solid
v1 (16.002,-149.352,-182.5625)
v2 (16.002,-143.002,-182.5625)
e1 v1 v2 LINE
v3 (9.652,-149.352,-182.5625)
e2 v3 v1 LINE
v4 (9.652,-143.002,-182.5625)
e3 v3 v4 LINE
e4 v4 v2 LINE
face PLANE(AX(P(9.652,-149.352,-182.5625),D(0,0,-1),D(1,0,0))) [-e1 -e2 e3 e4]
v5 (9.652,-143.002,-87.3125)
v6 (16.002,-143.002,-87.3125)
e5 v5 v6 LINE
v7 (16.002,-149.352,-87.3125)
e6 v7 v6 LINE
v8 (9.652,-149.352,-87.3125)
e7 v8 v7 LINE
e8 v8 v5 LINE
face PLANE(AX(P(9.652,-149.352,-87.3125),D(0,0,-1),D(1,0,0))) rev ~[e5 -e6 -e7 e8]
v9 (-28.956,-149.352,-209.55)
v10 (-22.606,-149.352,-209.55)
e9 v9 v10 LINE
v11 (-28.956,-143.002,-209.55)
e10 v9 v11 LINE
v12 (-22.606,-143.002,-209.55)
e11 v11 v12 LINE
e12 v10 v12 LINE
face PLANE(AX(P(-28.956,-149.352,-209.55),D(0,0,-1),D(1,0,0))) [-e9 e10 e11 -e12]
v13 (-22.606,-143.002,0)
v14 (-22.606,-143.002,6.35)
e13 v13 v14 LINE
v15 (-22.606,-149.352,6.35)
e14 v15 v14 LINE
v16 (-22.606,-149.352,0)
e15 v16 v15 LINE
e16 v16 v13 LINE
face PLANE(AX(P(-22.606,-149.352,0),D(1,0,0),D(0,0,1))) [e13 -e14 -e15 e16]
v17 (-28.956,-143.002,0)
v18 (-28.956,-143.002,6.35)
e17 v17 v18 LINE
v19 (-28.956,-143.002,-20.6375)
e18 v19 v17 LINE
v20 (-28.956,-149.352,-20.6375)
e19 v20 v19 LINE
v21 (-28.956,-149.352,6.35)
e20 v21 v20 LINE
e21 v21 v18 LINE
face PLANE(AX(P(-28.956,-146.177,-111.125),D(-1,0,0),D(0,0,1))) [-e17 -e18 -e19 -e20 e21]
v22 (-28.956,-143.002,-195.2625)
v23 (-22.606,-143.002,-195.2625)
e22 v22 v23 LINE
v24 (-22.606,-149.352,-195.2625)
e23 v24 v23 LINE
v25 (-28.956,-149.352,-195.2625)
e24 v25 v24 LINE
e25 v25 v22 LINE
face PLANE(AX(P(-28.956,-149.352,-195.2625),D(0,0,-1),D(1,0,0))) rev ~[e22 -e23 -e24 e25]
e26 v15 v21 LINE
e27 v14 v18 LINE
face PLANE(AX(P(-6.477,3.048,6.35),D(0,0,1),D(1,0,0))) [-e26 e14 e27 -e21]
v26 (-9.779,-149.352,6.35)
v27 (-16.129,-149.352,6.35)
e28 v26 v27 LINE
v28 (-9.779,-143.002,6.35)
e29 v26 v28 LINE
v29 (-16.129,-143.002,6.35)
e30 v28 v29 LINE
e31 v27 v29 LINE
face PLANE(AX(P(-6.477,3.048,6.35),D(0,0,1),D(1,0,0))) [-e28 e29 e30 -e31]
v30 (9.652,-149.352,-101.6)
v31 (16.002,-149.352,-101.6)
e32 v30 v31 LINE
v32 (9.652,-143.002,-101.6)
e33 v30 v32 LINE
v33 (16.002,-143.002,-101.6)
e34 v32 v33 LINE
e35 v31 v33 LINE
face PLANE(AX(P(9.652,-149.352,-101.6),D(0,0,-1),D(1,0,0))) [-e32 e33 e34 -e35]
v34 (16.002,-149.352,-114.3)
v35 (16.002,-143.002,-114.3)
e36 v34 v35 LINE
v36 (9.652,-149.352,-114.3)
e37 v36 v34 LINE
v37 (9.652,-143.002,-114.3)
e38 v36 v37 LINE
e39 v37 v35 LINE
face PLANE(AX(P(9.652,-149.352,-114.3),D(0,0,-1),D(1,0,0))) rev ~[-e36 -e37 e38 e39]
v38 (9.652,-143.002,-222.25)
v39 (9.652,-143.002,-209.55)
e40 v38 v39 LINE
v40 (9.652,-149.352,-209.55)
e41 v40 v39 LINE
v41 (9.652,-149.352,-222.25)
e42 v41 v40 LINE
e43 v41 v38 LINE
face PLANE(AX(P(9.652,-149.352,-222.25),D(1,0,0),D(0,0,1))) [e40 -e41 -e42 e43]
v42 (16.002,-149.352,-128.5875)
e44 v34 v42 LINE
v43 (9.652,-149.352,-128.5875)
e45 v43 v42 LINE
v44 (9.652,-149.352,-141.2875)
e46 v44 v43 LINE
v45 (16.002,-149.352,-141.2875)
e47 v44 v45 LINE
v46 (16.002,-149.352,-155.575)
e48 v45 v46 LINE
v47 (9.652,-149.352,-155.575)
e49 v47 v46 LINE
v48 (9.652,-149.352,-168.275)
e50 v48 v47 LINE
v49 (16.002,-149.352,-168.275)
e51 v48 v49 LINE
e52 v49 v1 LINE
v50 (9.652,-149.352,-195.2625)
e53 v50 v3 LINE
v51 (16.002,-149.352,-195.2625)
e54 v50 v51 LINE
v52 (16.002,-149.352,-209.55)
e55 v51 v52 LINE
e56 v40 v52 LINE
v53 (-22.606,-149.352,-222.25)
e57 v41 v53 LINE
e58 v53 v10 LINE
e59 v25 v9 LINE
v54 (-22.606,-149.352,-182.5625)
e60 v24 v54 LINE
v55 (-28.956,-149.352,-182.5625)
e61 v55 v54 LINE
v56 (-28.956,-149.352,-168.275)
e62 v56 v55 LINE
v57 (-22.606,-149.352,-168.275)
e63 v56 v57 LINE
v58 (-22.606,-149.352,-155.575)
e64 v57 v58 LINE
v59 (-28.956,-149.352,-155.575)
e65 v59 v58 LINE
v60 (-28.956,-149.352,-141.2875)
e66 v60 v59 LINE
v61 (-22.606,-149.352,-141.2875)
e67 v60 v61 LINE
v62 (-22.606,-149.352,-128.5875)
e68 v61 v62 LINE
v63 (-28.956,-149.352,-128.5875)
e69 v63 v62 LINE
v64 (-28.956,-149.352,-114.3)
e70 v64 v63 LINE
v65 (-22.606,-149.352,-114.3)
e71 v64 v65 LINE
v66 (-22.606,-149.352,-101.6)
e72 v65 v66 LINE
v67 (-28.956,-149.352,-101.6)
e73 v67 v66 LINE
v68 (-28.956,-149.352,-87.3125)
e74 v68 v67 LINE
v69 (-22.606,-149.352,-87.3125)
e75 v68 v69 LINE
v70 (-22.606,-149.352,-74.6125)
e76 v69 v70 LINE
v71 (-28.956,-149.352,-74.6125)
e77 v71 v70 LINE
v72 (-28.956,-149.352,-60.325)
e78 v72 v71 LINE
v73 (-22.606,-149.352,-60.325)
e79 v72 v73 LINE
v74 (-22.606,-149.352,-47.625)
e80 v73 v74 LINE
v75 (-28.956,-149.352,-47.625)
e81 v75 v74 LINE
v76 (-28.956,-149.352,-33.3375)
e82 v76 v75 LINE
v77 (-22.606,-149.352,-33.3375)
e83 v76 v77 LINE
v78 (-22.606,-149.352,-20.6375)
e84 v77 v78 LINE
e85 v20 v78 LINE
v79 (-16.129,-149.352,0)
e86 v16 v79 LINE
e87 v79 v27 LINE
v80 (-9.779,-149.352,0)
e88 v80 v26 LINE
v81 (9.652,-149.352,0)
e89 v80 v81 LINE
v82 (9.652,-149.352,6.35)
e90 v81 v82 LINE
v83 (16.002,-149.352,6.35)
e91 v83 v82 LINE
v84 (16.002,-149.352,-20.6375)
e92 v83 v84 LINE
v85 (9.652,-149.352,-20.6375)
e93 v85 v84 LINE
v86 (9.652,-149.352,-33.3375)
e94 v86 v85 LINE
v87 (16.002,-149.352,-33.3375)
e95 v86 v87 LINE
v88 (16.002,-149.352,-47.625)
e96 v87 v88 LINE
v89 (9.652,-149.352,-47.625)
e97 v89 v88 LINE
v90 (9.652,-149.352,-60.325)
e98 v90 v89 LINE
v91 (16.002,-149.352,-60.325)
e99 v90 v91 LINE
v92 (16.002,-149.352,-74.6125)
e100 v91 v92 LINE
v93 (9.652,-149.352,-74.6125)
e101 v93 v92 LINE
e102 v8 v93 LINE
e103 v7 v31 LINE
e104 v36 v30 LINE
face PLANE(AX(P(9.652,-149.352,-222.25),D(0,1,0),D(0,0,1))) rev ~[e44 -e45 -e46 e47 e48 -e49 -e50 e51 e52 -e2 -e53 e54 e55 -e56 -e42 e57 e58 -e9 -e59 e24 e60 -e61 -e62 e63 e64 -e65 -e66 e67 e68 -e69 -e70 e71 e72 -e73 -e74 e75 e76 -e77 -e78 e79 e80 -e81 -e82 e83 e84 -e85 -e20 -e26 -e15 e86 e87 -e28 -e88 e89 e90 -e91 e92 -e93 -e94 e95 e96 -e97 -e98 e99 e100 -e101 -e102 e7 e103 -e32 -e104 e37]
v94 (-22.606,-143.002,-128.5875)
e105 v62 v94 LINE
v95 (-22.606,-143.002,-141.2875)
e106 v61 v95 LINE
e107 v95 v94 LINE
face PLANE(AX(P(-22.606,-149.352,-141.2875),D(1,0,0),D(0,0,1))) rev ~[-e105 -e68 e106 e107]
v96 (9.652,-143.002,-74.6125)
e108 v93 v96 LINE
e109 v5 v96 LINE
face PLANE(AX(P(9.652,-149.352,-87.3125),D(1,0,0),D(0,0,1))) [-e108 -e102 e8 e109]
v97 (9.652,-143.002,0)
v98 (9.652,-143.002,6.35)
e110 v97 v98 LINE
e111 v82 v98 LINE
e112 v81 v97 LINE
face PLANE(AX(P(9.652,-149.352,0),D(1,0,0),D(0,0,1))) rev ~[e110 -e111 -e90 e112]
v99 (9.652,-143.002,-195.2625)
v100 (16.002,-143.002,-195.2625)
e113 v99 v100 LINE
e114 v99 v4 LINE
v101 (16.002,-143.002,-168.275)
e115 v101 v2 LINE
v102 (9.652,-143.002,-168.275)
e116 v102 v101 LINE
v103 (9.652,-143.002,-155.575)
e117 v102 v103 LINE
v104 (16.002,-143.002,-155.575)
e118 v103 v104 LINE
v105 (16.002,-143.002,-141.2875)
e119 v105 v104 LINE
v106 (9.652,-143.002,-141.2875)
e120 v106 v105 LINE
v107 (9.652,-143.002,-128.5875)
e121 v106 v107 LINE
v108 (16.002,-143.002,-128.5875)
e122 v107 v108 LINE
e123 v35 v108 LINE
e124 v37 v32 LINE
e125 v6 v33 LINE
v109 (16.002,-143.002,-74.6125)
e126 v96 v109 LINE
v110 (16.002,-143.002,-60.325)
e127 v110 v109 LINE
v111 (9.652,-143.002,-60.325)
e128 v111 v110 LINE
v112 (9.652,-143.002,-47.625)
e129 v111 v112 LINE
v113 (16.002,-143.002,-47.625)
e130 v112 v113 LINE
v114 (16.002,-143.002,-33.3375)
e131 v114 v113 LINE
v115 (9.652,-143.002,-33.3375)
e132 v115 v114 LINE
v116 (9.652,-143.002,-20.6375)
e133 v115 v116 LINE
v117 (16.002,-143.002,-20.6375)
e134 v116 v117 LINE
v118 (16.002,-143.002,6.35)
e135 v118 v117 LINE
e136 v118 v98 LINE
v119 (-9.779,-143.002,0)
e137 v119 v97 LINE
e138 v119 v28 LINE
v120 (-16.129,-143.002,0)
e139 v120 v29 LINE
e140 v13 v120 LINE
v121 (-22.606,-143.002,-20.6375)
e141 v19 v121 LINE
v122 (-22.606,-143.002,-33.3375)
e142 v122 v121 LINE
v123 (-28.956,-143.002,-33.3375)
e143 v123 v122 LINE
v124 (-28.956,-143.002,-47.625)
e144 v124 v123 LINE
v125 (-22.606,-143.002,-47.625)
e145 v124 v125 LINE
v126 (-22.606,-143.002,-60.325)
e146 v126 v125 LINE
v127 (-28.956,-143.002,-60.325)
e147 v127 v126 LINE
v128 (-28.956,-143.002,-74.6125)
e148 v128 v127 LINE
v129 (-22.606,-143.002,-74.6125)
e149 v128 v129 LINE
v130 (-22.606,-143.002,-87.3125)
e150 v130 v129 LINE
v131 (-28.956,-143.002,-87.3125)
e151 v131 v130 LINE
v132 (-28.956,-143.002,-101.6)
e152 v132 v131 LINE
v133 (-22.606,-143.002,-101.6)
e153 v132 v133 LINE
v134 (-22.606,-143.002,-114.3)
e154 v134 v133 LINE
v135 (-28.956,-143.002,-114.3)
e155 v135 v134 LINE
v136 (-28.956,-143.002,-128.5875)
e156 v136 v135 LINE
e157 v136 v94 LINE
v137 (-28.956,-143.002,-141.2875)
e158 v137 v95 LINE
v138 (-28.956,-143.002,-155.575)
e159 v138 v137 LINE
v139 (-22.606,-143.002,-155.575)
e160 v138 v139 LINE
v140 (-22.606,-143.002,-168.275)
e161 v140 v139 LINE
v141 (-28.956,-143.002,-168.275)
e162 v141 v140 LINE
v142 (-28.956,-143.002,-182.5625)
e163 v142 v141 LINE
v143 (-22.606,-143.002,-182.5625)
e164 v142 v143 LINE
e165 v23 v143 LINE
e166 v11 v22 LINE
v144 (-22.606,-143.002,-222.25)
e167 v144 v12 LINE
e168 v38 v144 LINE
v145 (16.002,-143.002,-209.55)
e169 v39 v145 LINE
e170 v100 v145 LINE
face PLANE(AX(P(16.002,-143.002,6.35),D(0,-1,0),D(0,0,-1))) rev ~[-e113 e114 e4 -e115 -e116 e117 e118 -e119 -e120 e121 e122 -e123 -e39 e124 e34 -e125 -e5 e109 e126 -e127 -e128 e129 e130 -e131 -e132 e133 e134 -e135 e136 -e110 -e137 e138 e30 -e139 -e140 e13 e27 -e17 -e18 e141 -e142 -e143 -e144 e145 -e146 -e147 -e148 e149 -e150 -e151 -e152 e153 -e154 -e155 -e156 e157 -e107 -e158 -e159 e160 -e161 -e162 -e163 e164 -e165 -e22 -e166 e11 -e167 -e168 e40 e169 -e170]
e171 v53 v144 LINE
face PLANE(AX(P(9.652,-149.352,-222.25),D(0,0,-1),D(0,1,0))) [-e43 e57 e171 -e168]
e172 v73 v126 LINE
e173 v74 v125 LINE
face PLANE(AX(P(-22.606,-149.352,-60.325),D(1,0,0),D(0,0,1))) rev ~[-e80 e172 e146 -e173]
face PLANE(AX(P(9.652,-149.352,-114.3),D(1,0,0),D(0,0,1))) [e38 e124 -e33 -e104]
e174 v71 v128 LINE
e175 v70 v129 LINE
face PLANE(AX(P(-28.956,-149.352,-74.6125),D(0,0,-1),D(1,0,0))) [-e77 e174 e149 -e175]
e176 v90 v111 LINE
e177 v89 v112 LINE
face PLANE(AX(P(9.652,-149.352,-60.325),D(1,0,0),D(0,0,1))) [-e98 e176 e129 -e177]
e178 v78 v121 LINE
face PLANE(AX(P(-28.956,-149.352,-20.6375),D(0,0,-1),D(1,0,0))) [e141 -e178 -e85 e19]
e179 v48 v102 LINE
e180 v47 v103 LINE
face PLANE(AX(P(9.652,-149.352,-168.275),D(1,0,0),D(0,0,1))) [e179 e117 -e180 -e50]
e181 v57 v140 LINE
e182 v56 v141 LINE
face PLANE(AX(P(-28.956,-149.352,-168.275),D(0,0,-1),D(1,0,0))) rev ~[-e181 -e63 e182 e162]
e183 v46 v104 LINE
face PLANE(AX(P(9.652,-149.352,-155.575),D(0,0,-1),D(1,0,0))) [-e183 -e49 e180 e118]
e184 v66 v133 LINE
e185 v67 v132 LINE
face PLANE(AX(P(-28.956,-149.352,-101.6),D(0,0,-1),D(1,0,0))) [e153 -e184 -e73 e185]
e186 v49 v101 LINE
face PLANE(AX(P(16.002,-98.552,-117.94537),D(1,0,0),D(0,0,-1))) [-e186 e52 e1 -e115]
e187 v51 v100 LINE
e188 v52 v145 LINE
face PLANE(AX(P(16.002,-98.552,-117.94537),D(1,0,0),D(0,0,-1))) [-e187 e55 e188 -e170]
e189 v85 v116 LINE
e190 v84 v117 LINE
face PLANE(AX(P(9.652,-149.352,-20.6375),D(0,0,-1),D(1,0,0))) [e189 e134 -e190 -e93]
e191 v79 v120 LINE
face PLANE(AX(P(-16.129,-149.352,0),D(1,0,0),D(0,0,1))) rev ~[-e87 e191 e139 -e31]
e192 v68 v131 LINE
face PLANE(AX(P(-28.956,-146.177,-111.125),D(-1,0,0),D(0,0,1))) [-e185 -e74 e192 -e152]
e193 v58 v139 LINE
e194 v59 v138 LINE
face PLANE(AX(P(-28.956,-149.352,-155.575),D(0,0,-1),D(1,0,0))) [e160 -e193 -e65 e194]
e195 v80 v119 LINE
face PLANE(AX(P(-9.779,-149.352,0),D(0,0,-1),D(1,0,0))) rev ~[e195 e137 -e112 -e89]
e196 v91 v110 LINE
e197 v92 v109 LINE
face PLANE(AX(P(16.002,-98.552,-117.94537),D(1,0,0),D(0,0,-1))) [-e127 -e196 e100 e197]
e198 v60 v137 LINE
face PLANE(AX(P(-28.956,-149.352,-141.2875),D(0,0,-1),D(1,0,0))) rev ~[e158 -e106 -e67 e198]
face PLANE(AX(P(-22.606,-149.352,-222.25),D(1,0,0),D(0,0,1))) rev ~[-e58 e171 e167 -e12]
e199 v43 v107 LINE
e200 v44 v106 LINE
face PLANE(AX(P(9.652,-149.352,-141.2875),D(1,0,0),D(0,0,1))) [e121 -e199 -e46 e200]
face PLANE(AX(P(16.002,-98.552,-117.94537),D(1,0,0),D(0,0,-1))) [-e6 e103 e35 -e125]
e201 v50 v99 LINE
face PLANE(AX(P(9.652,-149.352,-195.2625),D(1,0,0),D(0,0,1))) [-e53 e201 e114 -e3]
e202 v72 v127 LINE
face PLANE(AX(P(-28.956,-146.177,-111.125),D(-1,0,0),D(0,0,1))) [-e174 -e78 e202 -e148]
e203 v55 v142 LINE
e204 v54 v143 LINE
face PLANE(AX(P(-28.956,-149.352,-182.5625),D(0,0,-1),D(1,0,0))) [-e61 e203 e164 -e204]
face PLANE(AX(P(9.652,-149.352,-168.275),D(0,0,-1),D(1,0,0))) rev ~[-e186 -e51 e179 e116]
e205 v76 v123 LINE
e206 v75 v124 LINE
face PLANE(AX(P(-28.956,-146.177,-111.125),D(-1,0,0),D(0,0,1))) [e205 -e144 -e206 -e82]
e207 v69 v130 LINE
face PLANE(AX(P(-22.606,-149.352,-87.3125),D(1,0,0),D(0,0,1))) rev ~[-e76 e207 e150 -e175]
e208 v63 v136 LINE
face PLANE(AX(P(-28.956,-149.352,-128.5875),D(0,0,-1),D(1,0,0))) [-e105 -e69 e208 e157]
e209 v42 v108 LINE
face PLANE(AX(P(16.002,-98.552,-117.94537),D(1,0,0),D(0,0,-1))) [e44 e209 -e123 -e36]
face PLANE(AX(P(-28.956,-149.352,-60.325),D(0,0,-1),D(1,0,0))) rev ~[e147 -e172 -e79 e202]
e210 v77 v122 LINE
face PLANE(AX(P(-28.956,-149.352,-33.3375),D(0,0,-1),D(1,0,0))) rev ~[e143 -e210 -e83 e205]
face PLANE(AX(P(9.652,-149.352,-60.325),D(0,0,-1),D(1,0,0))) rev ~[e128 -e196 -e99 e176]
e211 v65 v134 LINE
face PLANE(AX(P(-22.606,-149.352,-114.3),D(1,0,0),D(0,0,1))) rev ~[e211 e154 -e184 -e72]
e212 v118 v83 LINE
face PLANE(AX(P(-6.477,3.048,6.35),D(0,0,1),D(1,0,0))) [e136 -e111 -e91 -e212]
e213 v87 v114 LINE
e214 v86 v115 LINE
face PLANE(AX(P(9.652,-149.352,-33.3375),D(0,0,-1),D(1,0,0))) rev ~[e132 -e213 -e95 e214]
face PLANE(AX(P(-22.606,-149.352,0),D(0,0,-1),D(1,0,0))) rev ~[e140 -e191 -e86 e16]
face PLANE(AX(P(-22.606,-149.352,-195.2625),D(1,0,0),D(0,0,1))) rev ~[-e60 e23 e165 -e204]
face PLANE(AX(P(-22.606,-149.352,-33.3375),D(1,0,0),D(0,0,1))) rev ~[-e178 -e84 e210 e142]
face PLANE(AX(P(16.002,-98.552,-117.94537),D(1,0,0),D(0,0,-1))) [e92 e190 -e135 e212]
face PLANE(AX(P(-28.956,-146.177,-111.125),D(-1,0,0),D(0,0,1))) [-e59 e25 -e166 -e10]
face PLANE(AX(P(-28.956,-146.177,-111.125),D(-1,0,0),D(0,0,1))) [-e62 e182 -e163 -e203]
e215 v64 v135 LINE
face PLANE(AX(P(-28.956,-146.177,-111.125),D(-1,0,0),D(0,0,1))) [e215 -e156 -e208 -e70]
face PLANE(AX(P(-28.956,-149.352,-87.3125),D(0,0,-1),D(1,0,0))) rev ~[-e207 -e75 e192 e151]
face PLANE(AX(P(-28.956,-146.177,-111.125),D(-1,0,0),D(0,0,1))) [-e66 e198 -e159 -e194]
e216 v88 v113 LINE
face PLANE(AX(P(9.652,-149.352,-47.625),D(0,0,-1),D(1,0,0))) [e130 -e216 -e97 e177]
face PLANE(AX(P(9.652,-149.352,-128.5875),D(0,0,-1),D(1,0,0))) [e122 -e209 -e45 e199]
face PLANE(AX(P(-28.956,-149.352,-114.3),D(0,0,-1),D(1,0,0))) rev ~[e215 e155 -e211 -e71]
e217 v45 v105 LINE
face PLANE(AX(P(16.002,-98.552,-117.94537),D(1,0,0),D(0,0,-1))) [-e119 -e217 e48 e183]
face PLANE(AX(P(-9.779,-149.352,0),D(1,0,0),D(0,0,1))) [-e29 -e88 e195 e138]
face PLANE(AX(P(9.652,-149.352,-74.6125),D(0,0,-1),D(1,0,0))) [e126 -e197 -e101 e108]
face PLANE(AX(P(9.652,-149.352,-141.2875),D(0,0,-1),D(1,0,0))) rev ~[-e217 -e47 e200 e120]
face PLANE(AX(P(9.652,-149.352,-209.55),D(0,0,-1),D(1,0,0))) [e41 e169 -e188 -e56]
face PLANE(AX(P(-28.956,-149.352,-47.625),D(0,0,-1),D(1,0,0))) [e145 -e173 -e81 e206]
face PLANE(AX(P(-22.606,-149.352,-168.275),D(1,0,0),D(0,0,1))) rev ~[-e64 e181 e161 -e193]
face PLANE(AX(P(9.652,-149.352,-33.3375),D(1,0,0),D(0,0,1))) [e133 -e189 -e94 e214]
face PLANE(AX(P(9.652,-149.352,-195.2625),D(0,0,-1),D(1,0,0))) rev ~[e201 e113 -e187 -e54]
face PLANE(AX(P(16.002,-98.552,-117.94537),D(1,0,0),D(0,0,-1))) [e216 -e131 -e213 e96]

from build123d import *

# Parameters (mm, degrees)
SKETCH1_W           = 44.958
SKETCH1_H           = 304.8
BOSS_EXTRUDE1_DEPTH = 6.35
SKETCH2_W           = 6.35
SKETCH2_H           = 101.6
BOSS_EXTRUDE2_DEPTH = 6.35
SKETCH3_W           = 222.25
SKETCH3_H           = 6.35
BOSS_EXTRUDE3_DEPTH = 38.608
SKETCH7_W           = 333.372738736
SKETCH7_H           = 323.725005723
CUT_EXTRUDE1_DEPTH  = 45.958
SKETCH4_W           = 6.35
SKETCH4_H           = 12.7
CUT_EXTRUDE2_DEPTH  = 6.35
SKETCH8_W           = 6.477
SKETCH8_H           = 6.35
SKETCH8_W_2         = 19.431
CUT_EXTRUDE4_DEPTH  = 7.35


with BuildPart() as part:
    # Sketch1 → Boss-Extrude1 (new body)
    with BuildSketch(Plane.XY):
        with Locations((-6.477, 3.048)):
            Rectangle(SKETCH1_W, SKETCH1_H)
        with BuildLine():
            Line((-3.302, 133.858), (-3.302, -143.002))
            Line((-3.302, -143.002), (3.302, -143.002))
            Line((3.302, -143.002), (3.302, 143.002))
            Line((3.302, 143.002), (-16.256, 143.002))
            Line((-16.256, 143.002), (-16.256, 136.398))
            Line((-16.256, 136.398), (-5.842, 136.398))
            ThreePointArc((-5.842, 136.398), (-4.045948776, 135.654051224), (-3.302, 133.858))
        make_face(mode=Mode.SUBTRACT)
    extrude(amount=BOSS_EXTRUDE1_DEPTH)

    # Sketch2 → Boss-Extrude2 (add)
    with BuildSketch(Plane(origin=(16.002, 0, 0), x_dir=(0, 0, -1), z_dir=(1, 0, 0))):
        Polygon((222.25, -60.452), (222.25, -47.752), (0, -47.752), (0, -149.352), (222.25, -149.352), (222.25, -136.652), (228.6, -136.652), (228.6, -119.718666667), (222.25, -119.718666667), (222.25, -107.018666667), (228.6, -107.018666667), (228.6, -90.085333333), (222.25, -90.085333333), (222.25, -77.385333333), (228.6, -77.385333333), (228.6, -60.452), align=None)
        with BuildLine():
            ThreePointArc((11.4, -116.592), (9.9, -118.092), (8.4, -116.592))
            Line((8.4, -116.592), (8.4, -111.512))
            ThreePointArc((8.4, -111.512), (9.9, -110.012), (11.4, -111.512))
            Line((11.4, -111.512), (11.4, -116.592))
        make_face(mode=Mode.SUBTRACT)
        with BuildLine():
            Line((42.4, -111.512), (42.4, -116.592))
            ThreePointArc((42.4, -116.592), (40.9, -118.092), (39.4, -116.592))
            Line((39.4, -116.592), (39.4, -111.512))
            ThreePointArc((39.4, -111.512), (40.9, -110.012), (42.4, -111.512))
        make_face(mode=Mode.SUBTRACT)
        with BuildLine():
            ThreePointArc((36.4, -101.092), (25.4, -112.092), (14.4, -101.092))
            Line((14.4, -101.092), (14.4, -96.012))
            ThreePointArc((14.4, -96.012), (25.4, -85.012), (36.4, -96.012))
            Line((36.4, -96.012), (36.4, -101.092))
        make_face(mode=Mode.SUBTRACT)
        with BuildLine():
            ThreePointArc((11.4, -85.592), (9.9, -87.092), (8.4, -85.592))
            Line((8.4, -85.592), (8.4, -80.512))
            ThreePointArc((8.4, -80.512), (9.9, -79.012), (11.4, -80.512))
            Line((11.4, -80.512), (11.4, -85.592))
        make_face(mode=Mode.SUBTRACT)
        with BuildLine():
            ThreePointArc((42.4, -85.592), (40.9, -87.092), (39.4, -85.592))
            Line((39.4, -85.592), (39.4, -80.512))
            ThreePointArc((39.4, -80.512), (40.9, -79.012), (42.4, -80.512))
            Line((42.4, -80.512), (42.4, -85.592))
        make_face(mode=Mode.SUBTRACT)
        with Locations((-3.175, -98.552)):
            Rectangle(SKETCH2_W, SKETCH2_H)
    extrude(amount=-BOSS_EXTRUDE2_DEPTH)

    # Sketch3 → Boss-Extrude3 (add)
    with BuildSketch(Plane.ZY.offset(-9.652)):
        with Locations((-111.125, -146.177)):
            Rectangle(SKETCH3_W, SKETCH3_H)
    extrude(amount=BOSS_EXTRUDE3_DEPTH)

    # Sketch7 → Cut-Extrude1 (cut, through all)
    with BuildSketch(Plane(origin=(16.002, 0, 0), x_dir=(0, 0, -1), z_dir=(1, 0, 0))):
        with Locations((160.336369368, 18.860502861)):
            Rectangle(SKETCH7_W, SKETCH7_H)
    extrude(amount=-CUT_EXTRUDE1_DEPTH, mode=Mode.SUBTRACT)

    # Sketch4 → Cut-Extrude2 (cut)
    with BuildSketch(Plane.XZ.offset(149.352)):
        with Locations((12.827, -26.9875)):
            Rectangle(SKETCH4_W, SKETCH4_H)
        with Locations((-25.781, -26.9875)):
            Rectangle(SKETCH4_W, SKETCH4_H)
        with Locations((-25.781, -53.975)):
            Rectangle(SKETCH4_W, SKETCH4_H)
        with Locations((-25.781, -80.9625)):
            Rectangle(SKETCH4_W, SKETCH4_H)
        with Locations((-25.781, -107.95)):
            Rectangle(SKETCH4_W, SKETCH4_H)
        with Locations((-25.781, -134.9375)):
            Rectangle(SKETCH4_W, SKETCH4_H)
        with Locations((-25.781, -161.925)):
            Rectangle(SKETCH4_W, SKETCH4_H)
        with Locations((-25.781, -188.9125)):
            Rectangle(SKETCH4_W, SKETCH4_H)
        with Locations((-25.781, -215.9)):
            Rectangle(SKETCH4_W, SKETCH4_H)
        with Locations((12.827, -215.9)):
            Rectangle(SKETCH4_W, SKETCH4_H)
        with Locations((12.827, -161.925)):
            Rectangle(SKETCH4_W, SKETCH4_H)
        with Locations((12.827, -134.9375)):
            Rectangle(SKETCH4_W, SKETCH4_H)
        with Locations((12.827, -107.95)):
            Rectangle(SKETCH4_W, SKETCH4_H)
        with Locations((12.827, -80.9625)):
            Rectangle(SKETCH4_W, SKETCH4_H)
        with Locations((12.827, -53.975)):
            Rectangle(SKETCH4_W, SKETCH4_H)
        with Locations((12.827, -188.9125)):
            Rectangle(SKETCH4_W, SKETCH4_H)
    extrude(amount=-CUT_EXTRUDE2_DEPTH, mode=Mode.SUBTRACT)

    # Sketch8 → Cut-Extrude4 (cut, through all)
    with BuildSketch(Plane.XZ.offset(149.352)):
        with Locations((-19.3675, 3.175)):
            Rectangle(SKETCH8_W, SKETCH8_H)
        with Locations((-0.0635, 3.175)):
            Rectangle(SKETCH8_W_2, SKETCH8_H)
    extrude(amount=-CUT_EXTRUDE4_DEPTH, mode=Mode.SUBTRACT)


solid = part.part
